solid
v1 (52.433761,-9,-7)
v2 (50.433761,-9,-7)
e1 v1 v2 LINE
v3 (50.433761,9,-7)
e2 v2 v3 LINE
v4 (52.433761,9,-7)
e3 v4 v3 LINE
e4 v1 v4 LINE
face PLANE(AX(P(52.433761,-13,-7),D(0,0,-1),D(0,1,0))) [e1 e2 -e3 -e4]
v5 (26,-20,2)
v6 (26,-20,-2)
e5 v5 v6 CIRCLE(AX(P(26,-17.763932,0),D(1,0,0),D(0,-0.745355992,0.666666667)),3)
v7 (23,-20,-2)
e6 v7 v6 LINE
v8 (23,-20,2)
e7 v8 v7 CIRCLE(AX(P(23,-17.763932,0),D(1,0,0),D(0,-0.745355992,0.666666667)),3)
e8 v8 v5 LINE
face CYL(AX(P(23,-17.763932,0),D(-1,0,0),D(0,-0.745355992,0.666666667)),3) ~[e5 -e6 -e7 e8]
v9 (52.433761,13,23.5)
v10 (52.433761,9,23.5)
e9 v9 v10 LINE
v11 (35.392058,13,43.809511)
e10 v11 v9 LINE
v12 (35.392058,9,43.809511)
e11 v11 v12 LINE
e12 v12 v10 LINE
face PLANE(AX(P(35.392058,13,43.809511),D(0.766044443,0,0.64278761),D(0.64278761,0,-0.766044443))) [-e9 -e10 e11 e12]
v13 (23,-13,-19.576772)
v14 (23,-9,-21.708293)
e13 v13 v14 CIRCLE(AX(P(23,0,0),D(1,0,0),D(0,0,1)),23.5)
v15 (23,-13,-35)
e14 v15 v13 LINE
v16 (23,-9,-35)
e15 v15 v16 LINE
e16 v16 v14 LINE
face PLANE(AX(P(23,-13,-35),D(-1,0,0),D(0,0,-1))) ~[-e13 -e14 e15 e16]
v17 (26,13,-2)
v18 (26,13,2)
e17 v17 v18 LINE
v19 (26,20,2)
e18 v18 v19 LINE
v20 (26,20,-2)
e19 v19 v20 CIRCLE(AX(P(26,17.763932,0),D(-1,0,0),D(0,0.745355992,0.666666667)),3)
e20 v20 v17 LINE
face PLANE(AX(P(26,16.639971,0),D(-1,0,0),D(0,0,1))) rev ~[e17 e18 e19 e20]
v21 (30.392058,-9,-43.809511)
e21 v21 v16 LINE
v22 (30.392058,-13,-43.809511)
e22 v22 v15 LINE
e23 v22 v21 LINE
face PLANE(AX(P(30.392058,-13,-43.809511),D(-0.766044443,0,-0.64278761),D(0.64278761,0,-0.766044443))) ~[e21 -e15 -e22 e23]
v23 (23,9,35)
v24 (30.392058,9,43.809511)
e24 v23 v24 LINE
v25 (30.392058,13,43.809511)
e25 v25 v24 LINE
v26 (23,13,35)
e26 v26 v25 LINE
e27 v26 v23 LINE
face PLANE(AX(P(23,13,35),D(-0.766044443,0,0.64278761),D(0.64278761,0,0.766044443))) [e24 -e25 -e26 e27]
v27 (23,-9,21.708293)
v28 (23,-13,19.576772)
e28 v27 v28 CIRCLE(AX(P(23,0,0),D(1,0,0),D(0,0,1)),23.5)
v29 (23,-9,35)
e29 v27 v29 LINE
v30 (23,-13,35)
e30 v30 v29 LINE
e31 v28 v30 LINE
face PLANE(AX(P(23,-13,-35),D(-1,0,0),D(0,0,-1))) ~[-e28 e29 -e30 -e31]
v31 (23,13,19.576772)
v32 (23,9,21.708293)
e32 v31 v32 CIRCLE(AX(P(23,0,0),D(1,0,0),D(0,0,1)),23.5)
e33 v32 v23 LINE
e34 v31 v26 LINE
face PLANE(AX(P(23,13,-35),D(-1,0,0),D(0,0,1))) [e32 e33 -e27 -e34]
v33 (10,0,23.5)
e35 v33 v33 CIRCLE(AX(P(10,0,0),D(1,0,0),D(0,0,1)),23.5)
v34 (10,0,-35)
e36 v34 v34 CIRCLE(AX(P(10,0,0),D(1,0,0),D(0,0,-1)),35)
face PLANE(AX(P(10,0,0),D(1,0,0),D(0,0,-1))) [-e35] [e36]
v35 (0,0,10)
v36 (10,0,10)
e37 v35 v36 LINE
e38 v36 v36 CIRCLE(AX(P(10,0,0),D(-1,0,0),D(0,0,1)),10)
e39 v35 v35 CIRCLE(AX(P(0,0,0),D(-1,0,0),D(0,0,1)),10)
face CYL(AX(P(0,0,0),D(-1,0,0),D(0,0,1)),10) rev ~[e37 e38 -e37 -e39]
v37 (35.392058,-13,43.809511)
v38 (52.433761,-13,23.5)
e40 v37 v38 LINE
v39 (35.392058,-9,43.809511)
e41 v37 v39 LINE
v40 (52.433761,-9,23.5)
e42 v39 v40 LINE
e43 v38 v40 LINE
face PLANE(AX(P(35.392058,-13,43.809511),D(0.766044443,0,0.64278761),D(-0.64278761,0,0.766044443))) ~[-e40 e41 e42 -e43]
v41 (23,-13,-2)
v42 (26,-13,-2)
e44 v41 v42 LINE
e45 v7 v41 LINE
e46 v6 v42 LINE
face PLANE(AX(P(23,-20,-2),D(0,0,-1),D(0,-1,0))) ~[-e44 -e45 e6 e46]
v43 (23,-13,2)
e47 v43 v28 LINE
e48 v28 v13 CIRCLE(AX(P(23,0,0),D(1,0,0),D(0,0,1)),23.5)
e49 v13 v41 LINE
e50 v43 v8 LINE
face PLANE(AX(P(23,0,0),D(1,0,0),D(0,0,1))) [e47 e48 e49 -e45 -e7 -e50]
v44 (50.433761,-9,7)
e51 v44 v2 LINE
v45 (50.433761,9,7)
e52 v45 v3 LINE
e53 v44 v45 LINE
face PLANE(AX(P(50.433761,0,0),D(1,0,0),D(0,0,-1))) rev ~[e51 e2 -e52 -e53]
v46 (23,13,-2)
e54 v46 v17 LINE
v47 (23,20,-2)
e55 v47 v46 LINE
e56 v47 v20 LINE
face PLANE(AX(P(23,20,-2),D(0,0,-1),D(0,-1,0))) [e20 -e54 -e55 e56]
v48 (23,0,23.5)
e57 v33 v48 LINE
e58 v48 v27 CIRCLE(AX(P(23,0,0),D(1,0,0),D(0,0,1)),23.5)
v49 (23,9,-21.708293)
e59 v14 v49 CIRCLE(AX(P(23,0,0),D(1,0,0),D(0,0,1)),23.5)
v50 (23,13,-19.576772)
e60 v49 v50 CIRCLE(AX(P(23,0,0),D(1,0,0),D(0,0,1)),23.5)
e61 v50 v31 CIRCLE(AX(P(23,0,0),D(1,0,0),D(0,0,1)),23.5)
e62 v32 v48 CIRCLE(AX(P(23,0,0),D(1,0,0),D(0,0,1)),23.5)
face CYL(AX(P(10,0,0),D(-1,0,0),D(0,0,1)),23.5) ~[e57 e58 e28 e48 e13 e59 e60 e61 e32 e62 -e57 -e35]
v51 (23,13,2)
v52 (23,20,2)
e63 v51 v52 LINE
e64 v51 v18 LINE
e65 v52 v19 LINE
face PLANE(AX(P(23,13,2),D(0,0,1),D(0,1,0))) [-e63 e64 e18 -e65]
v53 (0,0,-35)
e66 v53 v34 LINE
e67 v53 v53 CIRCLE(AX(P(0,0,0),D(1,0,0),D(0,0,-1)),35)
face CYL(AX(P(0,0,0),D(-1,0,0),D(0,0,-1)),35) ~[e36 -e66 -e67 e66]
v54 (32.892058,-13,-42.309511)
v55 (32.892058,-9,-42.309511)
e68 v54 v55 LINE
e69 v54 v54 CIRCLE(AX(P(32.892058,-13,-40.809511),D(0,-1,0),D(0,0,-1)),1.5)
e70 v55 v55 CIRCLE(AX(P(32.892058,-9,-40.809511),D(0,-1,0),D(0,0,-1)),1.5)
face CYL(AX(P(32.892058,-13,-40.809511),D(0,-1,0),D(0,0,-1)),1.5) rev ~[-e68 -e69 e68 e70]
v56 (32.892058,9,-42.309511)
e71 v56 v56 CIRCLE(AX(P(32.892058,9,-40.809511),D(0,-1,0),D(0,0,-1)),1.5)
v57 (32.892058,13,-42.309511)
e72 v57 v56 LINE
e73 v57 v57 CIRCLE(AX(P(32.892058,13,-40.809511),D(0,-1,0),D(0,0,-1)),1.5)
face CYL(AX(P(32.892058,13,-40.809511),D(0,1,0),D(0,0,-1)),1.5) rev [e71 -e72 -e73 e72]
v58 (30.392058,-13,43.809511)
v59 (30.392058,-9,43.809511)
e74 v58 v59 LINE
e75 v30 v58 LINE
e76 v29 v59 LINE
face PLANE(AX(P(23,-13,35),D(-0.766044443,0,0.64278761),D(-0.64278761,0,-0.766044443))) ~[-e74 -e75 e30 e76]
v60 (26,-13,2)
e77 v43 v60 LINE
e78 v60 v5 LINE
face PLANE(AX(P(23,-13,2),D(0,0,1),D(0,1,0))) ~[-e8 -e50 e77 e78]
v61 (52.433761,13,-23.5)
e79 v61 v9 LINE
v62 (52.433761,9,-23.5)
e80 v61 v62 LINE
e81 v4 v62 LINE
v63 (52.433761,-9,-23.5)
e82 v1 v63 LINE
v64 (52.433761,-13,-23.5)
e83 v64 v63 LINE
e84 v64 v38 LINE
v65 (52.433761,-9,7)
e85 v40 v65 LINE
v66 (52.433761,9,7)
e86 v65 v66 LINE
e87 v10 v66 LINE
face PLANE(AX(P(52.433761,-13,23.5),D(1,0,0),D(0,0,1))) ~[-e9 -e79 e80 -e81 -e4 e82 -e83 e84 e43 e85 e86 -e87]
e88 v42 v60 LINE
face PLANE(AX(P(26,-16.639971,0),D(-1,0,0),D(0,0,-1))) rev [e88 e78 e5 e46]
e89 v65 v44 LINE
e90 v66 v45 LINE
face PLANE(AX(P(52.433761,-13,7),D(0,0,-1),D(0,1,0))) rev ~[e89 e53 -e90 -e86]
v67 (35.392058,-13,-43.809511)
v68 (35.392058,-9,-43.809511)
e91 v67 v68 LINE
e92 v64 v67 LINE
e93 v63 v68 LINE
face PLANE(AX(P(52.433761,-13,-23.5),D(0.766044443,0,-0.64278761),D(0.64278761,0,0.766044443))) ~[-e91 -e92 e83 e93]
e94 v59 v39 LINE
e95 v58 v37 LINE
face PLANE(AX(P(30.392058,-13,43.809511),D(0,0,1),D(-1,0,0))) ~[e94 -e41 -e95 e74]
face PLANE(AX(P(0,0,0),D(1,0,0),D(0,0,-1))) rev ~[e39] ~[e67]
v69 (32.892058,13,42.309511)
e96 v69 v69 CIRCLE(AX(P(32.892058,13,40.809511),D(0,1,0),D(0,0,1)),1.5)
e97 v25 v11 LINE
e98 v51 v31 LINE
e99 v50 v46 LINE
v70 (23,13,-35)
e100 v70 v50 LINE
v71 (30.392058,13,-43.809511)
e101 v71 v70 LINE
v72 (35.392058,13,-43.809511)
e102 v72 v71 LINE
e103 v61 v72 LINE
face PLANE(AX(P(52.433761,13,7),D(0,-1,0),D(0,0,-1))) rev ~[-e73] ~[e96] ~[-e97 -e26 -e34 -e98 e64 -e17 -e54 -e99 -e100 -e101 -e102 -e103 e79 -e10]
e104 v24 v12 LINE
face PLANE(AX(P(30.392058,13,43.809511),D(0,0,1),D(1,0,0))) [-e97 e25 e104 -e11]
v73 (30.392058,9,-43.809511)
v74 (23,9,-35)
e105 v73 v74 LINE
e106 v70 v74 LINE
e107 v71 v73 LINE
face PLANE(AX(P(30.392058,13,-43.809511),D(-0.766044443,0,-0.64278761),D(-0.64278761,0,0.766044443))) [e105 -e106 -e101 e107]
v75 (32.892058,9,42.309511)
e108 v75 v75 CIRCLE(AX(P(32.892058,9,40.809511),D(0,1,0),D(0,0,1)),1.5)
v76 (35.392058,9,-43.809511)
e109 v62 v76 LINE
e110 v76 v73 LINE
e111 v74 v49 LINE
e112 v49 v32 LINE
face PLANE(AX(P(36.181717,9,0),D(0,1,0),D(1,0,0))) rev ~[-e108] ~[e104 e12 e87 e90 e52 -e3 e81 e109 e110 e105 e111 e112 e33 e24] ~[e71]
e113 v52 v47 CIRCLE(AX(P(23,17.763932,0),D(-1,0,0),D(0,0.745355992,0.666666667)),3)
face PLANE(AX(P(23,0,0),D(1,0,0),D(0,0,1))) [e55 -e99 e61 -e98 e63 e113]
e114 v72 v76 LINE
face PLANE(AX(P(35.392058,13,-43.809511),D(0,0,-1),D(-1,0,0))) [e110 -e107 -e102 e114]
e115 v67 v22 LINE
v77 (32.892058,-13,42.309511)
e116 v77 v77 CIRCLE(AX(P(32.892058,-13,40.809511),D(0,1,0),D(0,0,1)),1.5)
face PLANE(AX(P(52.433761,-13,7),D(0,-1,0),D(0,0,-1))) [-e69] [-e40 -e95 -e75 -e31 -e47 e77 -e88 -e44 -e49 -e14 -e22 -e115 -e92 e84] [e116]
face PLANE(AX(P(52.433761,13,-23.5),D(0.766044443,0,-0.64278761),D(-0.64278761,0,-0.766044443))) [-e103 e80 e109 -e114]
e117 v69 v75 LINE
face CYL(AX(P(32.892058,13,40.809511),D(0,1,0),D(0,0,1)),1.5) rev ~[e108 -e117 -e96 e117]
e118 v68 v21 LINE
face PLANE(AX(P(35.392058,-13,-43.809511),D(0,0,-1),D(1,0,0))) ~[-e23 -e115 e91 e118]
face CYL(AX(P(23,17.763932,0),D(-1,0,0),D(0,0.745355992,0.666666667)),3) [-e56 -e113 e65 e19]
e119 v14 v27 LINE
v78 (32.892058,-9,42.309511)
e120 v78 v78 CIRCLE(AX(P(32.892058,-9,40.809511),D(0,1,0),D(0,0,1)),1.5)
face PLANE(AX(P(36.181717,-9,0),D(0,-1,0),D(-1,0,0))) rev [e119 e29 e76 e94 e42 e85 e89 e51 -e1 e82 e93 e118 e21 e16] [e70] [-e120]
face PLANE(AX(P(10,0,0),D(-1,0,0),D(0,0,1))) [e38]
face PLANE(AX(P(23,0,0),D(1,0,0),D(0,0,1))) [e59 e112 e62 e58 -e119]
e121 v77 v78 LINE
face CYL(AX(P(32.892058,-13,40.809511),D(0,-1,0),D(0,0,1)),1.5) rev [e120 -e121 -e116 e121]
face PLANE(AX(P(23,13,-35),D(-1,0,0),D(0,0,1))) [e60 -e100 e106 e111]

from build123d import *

# Parameters (mm, degrees)
SKETCH1_R               = 35
BOSS_EXTRUDE1_DEPTH     = 10
SKETCH2_R               = 23.5
BOSS_EXTRUDE2_DEPTH     = 13
BOSS_EXTRUDE3_DEPTH     = 4
SKETCH4_R               = 1.5
CUT_EXTRUDE1_DEPTH      = 4
MIRROR2_COPY_1_SKETCH_R = 1.5
MIRROR2_COPY_1_DEPTH    = 4
BOSS_EXTRUDE4_DEPTH     = 3
SKETCH6_W               = 14
SKETCH6_H               = 26
BOSS_EXTRUDE5_DEPTH     = 2
SKETCH7_R               = 10
CUT_EXTRUDE2_DEPTH      = 10


with BuildPart() as part:
    # Sketch1 → Boss-Extrude1 (new body)
    with BuildSketch(Plane(origin=(0, 0, 0), x_dir=(0, 0, -1), z_dir=(1, 0, 0))):
        Circle(SKETCH1_R)
    extrude(amount=BOSS_EXTRUDE1_DEPTH)

    # Sketch2 → Boss-Extrude2 (add)
    with BuildSketch(Plane(origin=(10, 0, 0), x_dir=(0, 0, -1), z_dir=(1, 0, 0))):
        with Locations(Location((0, 0, 0), (0, 0, 180))):
            Circle(SKETCH2_R)
    extrude(amount=BOSS_EXTRUDE2_DEPTH)

    # Sketch3 → Boss-Extrude3 (add)
    with BuildSketch(Plane(origin=(0, 13, 0), x_dir=(1, 0, 0), z_dir=(0, 1, 0))):
        Polygon((23, 35), (23, -35), (30.392057511, -43.809511096), (35.392057511, -43.809511096), (52.433760781, -23.5), (52.433760781, 23.5), (35.392057511, 43.809511096), (30.392057511, 43.809511096), align=None)
    boss_extrude3 = extrude(amount=-BOSS_EXTRUDE3_DEPTH)

    # Sketch4 → Cut-Extrude1 (cut)
    with BuildSketch(Plane(origin=(0, 13, 0), x_dir=(1, 0, 0), z_dir=(0, 1, 0))):
        with Locations(Location((32.892057511, -40.809511096, 0), (0, 0, 270))):
            Circle(SKETCH4_R)
    cut_extrude1 = extrude(amount=-CUT_EXTRUDE1_DEPTH, mode=Mode.SUBTRACT)

    # Mirror1: Cut-Extrude1 across plane
    add(cut_extrude1.mirror(Plane.XY), mode=Mode.SUBTRACT)

    # Mirror2: Boss-Extrude3, Cut-Extrude1 across plane
    add(boss_extrude3.mirror(Plane.ZX))
    add(cut_extrude1.mirror(Plane.ZX), mode=Mode.SUBTRACT)

    # Mirror2 copy 1 sketch → Mirror2 copy 1 (cut)
    with BuildSketch(Plane.XZ.offset(13)):
        with Locations(Location((32.892057511, -40.809511096, 0), (0, 0, 270))):
            Circle(MIRROR2_COPY_1_SKETCH_R)
    extrude(amount=-MIRROR2_COPY_1_DEPTH, mode=Mode.SUBTRACT)

    # Sketch5 → Boss-Extrude4 (add)
    with BuildSketch(Plane(origin=(23, 0, 0), x_dir=(0, 0, -1), z_dir=(1, 0, 0))):
        with BuildLine():
            Line((-2, 13), (-2, 20))
            ThreePointArc((-2, 20), (0, 20.763932023), (2, 20))
            Line((2, 20), (2, 13))
            Line((2, 13), (-2, 13))
        make_face()
    boss_extrude4 = extrude(amount=BOSS_EXTRUDE4_DEPTH)

    # Mirror3: Boss-Extrude4 across plane
    add(boss_extrude4.mirror(Plane.ZX))

    # Sketch6 → Boss-Extrude5 (add)
    with BuildSketch(Plane(origin=(52.433760781, 0, 0), x_dir=(0, 0, -1), z_dir=(1, 0, 0))):
        Rectangle(SKETCH6_W, SKETCH6_H)
    extrude(amount=-BOSS_EXTRUDE5_DEPTH)

    # Sketch7 → Cut-Extrude2 (cut)
    with BuildSketch(Plane.ZY):
        Circle(SKETCH7_R)
    extrude(amount=-CUT_EXTRUDE2_DEPTH, mode=Mode.SUBTRACT)


solid = part.part
